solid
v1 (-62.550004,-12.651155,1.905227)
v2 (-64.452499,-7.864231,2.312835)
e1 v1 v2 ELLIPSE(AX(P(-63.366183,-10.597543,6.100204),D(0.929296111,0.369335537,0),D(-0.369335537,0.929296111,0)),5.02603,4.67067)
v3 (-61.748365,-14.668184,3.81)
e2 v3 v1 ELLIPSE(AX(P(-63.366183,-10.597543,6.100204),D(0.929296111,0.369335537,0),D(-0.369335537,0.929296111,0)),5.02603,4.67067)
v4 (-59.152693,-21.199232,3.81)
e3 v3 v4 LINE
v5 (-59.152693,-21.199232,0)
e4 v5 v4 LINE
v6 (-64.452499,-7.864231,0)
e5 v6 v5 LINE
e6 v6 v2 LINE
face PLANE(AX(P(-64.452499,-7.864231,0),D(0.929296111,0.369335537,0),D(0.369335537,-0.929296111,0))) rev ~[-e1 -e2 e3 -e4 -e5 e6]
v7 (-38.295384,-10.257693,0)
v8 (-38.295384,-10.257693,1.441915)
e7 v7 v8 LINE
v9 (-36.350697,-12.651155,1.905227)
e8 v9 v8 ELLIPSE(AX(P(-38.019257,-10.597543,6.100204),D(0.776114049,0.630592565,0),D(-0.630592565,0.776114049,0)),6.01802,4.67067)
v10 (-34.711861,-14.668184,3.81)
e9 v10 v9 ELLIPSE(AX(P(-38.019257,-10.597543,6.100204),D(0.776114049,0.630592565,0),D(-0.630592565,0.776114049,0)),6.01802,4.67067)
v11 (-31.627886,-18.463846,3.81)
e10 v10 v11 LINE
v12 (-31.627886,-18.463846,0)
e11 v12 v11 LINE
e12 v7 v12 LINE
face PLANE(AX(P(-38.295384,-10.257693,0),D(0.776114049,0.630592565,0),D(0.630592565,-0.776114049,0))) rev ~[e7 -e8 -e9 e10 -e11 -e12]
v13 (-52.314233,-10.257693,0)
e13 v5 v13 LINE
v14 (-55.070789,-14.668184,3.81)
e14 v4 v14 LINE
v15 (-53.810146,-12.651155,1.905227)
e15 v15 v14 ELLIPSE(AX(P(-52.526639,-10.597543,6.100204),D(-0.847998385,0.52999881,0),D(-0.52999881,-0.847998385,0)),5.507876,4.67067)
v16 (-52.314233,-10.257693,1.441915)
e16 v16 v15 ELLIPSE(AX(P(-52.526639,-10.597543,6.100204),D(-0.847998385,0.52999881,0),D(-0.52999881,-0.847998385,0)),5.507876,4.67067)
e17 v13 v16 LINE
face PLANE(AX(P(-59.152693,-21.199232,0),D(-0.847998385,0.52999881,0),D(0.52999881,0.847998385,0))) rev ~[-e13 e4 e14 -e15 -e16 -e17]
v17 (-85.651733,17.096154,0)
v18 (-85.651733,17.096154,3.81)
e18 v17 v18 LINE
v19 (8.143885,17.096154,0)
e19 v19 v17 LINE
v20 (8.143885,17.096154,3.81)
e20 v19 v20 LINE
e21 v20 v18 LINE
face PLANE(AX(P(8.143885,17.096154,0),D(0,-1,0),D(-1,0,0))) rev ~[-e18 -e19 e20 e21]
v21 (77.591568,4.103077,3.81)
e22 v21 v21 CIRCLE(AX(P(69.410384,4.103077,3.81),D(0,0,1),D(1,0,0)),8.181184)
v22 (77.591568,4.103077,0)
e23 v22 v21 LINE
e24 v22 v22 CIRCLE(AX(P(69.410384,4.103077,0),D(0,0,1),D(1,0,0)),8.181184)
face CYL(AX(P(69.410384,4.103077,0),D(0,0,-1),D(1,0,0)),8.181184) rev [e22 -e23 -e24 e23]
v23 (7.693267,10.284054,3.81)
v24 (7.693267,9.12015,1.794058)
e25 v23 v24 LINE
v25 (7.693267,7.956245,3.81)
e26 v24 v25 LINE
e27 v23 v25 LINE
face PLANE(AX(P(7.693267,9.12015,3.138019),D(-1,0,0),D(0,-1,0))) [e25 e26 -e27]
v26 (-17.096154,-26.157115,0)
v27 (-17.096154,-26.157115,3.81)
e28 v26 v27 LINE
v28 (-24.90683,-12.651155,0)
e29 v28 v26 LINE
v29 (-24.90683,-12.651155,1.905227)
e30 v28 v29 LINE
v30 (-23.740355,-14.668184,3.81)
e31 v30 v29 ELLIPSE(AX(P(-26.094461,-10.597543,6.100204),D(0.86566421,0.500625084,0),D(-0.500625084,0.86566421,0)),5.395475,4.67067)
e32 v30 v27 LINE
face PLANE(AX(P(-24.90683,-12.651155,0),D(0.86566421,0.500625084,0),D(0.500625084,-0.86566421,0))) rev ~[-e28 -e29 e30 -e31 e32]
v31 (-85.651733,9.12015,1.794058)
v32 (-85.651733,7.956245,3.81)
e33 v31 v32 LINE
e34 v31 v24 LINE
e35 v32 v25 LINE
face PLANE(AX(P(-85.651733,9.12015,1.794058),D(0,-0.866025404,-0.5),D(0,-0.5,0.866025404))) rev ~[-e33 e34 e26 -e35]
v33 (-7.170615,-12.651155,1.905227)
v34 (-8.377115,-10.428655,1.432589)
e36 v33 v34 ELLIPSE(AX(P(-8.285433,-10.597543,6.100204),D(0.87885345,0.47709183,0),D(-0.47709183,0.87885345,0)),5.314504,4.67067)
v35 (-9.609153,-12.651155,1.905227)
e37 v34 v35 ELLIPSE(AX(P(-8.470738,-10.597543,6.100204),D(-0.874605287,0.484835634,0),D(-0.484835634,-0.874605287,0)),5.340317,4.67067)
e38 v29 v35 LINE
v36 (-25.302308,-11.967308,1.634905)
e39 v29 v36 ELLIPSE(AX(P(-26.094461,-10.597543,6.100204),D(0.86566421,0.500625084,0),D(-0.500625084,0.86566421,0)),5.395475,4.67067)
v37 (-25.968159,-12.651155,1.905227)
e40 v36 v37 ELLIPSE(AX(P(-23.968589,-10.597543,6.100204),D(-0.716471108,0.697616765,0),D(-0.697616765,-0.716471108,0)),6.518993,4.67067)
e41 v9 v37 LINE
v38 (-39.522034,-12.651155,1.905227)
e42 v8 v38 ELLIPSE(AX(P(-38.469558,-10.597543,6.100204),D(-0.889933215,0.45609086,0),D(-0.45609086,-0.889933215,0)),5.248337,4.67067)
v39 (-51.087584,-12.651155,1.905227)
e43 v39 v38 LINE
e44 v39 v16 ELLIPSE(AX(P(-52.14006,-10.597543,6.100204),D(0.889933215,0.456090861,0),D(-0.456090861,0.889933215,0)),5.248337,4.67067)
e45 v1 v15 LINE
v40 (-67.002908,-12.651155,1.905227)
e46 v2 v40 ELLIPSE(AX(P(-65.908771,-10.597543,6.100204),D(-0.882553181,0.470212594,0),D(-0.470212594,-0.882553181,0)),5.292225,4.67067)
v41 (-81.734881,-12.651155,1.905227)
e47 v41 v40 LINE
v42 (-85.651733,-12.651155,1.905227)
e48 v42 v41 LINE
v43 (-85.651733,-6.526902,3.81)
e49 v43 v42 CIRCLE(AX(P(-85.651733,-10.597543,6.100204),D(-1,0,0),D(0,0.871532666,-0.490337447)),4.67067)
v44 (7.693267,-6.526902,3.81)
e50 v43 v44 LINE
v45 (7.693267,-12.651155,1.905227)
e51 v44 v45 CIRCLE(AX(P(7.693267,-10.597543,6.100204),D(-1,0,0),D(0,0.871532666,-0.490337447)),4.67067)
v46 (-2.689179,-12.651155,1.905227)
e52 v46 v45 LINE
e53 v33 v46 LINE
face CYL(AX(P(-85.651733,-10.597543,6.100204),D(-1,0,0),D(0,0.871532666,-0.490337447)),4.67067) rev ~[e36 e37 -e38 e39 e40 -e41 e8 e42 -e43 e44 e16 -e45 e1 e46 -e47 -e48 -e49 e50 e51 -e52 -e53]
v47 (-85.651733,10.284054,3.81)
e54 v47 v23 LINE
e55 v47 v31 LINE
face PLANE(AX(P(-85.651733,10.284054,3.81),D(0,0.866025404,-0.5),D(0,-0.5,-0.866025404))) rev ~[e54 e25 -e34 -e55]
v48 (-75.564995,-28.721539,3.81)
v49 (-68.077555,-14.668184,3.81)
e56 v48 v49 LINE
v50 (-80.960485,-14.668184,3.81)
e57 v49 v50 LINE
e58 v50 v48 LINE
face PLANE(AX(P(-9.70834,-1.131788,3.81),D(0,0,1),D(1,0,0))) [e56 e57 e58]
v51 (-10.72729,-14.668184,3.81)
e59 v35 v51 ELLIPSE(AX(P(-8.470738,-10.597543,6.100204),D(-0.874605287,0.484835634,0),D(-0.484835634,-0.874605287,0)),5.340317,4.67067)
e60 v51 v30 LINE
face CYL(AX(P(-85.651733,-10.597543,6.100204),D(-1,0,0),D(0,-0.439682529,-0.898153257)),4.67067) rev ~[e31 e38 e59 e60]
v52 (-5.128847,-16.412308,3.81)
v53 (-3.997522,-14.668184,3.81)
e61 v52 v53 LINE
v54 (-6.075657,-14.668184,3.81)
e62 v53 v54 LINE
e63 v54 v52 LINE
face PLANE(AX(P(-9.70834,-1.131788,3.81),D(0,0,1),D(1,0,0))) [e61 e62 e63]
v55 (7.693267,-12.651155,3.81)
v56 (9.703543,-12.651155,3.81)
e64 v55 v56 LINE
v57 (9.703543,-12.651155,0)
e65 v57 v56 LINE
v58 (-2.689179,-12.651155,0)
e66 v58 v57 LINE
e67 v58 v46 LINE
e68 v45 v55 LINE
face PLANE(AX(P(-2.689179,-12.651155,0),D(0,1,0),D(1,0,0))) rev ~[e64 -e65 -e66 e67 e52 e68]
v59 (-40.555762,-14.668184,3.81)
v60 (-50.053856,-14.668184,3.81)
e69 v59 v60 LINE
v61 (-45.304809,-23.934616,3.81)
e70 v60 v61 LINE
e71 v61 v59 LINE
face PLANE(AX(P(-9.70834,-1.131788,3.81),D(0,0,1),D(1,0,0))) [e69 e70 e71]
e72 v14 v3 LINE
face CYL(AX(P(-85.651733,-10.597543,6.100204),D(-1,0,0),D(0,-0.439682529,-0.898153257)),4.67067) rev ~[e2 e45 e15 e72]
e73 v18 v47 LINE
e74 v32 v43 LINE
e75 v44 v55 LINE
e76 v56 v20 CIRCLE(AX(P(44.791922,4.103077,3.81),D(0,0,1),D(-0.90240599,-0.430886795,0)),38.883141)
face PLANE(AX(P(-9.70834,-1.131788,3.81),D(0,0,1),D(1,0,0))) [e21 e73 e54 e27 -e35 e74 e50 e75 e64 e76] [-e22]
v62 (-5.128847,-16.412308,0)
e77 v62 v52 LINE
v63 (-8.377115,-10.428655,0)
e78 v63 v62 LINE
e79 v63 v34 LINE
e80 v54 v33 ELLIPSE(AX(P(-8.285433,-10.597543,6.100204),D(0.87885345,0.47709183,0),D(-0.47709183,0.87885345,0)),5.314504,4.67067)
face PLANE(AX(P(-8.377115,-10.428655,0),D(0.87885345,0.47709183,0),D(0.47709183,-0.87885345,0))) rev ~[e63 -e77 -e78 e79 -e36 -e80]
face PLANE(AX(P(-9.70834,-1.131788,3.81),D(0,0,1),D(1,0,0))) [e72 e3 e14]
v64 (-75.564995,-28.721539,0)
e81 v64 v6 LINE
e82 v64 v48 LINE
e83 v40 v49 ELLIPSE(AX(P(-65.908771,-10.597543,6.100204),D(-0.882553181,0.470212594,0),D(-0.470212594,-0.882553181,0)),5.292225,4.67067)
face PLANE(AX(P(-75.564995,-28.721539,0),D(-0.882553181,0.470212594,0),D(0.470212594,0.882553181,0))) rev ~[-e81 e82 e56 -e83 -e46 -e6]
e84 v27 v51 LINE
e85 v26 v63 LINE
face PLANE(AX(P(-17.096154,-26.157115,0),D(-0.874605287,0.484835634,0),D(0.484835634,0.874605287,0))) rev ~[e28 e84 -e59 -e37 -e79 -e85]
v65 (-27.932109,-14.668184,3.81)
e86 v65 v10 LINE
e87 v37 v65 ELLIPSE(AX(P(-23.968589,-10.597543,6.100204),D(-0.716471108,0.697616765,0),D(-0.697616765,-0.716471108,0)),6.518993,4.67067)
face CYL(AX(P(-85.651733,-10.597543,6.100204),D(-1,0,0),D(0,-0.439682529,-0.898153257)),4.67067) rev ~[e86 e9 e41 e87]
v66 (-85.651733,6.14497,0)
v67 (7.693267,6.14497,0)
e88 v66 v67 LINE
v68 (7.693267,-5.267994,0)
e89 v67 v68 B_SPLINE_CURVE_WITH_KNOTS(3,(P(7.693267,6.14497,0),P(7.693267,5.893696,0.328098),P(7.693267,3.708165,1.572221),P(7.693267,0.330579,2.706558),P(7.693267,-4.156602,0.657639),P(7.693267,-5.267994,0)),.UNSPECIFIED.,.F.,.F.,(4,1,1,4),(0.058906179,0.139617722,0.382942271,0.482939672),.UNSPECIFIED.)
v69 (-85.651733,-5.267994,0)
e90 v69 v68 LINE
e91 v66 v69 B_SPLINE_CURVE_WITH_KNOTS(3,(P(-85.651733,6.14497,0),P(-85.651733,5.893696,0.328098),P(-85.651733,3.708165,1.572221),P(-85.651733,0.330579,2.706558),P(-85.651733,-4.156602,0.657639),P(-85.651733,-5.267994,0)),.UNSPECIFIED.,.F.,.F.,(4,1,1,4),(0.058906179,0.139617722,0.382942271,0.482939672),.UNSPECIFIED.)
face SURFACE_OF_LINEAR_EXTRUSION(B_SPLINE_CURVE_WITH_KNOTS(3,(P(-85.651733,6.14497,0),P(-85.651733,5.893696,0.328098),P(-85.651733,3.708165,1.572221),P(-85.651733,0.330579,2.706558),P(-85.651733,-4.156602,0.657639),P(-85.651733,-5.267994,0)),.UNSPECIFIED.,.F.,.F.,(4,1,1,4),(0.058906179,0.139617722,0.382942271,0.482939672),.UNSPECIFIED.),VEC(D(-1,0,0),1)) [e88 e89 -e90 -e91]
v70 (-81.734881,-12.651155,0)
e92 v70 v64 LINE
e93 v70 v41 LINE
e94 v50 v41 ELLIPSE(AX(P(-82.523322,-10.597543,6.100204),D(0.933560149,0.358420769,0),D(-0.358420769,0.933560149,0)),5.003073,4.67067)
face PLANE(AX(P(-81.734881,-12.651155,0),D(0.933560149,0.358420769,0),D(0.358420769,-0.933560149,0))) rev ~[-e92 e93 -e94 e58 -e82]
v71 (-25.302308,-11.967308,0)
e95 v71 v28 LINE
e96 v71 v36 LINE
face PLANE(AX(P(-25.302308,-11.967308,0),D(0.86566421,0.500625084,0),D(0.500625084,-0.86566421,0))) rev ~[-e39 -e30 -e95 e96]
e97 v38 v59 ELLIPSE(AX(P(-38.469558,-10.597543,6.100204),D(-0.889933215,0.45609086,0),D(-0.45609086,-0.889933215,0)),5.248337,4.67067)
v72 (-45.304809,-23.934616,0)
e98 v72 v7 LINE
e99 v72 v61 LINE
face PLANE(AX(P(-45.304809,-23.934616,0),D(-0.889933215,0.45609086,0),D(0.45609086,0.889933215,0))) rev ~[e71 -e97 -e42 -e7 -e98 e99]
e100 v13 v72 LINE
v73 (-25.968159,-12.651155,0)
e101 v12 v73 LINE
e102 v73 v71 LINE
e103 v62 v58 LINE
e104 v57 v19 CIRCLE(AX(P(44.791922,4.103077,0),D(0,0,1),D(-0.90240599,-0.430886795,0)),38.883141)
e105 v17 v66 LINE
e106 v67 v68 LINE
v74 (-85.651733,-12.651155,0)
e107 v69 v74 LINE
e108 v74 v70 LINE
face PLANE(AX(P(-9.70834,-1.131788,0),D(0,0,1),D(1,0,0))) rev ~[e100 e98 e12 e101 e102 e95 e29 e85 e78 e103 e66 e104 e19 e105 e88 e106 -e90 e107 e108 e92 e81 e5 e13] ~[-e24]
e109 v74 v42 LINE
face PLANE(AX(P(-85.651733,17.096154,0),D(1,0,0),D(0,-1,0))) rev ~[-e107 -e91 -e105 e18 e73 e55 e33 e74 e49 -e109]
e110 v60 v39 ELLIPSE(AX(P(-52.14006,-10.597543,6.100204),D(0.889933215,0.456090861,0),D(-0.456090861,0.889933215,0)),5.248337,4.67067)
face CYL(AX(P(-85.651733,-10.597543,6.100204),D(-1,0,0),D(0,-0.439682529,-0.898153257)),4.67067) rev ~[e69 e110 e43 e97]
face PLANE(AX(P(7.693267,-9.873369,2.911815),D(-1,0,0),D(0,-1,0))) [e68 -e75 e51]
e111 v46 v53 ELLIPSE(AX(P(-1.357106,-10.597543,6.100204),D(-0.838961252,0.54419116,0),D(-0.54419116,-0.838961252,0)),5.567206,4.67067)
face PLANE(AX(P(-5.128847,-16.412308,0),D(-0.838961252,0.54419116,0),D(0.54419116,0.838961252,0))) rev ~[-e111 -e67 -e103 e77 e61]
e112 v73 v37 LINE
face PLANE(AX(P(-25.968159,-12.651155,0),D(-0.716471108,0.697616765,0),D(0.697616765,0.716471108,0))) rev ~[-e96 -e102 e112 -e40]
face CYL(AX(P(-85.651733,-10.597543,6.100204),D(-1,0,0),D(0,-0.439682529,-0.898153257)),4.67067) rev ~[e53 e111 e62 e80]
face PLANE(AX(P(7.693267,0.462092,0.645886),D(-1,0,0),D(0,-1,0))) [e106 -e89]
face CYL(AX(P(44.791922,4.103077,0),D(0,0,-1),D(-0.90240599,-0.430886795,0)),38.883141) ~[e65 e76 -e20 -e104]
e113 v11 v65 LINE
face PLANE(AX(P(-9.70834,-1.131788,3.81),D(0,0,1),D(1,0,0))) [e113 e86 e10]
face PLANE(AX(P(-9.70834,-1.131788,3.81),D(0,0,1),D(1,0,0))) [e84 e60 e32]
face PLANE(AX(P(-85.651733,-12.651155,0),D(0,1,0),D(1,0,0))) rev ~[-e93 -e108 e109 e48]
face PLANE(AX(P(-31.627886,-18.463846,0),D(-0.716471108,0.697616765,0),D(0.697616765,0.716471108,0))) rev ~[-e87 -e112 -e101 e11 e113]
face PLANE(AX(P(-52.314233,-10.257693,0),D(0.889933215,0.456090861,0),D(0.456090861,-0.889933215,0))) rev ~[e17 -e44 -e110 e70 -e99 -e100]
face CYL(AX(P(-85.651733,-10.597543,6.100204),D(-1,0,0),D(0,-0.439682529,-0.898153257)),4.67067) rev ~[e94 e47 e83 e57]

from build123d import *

# Parameters (mm, degrees)
F0_R     = 8.1811840535
F1_DEPTH = 3.81
F3_DEPTH = 93.345


with BuildPart() as f1:
    # F0 (on Top) → F1 (new body)
    with BuildSketch(Plane.XY):
        with BuildLine():
            Line((-2.6891789116, -12.6511547714), (9.7035428618, -12.6511547714))
            ThreePointArc((9.7035428618, -12.6511547714), (83.6217292203, 6.1389316607), (8.1438855, 17.0961543918))
            Line((8.1438855, 17.0961543918), (-85.6517329812, 17.0961543918))
            Line((-85.6517329812, 17.0961543918), (-85.6517329812, -12.6511547714))
            Line((-85.6517329812, -12.6511547714), (-81.7348812904, -12.6511547714))
            Line((-81.7348812904, -12.6511547714), (-75.5649954081, -28.7215393037))
            Line((-75.5649954081, -28.7215393037), (-64.4524991512, -7.8642312437))
            Line((-64.4524991512, -7.8642312437), (-59.1526925564, -21.1992319673))
            Line((-59.1526925564, -21.1992319673), (-52.3142330348, -10.2576930076))
            Line((-52.3142330348, -10.2576930076), (-45.3048087656, -23.9346157759))
            Line((-45.3048087656, -23.9346157759), (-38.2953844965, -10.2576930076))
            Line((-38.2953844965, -10.2576930076), (-31.6278859973, -18.4638462961))
            Line((-31.6278859973, -18.4638462961), (-25.9681587453, -12.6511547714))
            Line((-25.9681587453, -12.6511547714), (-25.3023076802, -11.967307888))
            Line((-25.3023076802, -11.967307888), (-24.9068299656, -12.6511547714))
            Line((-24.9068299656, -12.6511547714), (-17.0961543918, -26.1571146548))
            Line((-17.0961543918, -26.1571146548), (-8.3771152422, -10.4286549613))
            Line((-8.3771152422, -10.4286549613), (-5.1288465038, -16.4123084396))
            Line((-5.1288465038, -16.4123084396), (-2.6891789116, -12.6511547714))
        make_face()
        with Locations((69.4103837013, 4.1030771099)):
            Circle(F0_R, mode=Mode.SUBTRACT)
    extrude(amount=F1_DEPTH)

    # F2 (on face) → F3 (cut)
    with BuildSketch(Plane(origin=(-85.6517329812, 0, 0), x_dir=(0, -1, 0), z_dir=(-1, 0, 0))):
        Polygon((-9.120149554, 1.794058485), (-7.9562451776, 3.81), (-10.2840539303, 3.81), align=None)
        with BuildLine():
            Line((12.6511547714, 3.81), (6.5269015546, 3.81))
            ThreePointArc((6.5269015546, 3.81), (9.2104084291, 1.6402699497), (12.6511547714, 1.9052270108))
            Line((12.6511547714, 1.9052270108), (12.6511547714, 3.81))
        make_face()
        with BuildLine():
            Line((-6.1449697905, 0), (5.267994135, 0))
            add(Edge.make_bspline(
                [(-6.1449697905, 0), (-5.8936955879, 0.3280980235), (-3.7081647929, 1.5722207093), (-0.3305791573, 2.7065579452), (4.1566022475, 0.6576394579), (5.267994135, 0)],
                knots=[0.0589061787, 0.0589061787, 0.0589061787, 0.0589061787, 0.1396177223, 0.3829422712, 0.4829396719, 0.4829396719, 0.4829396719, 0.4829396719], degree=3))
        make_face()
        with BuildLine():
            ThreePointArc((15.2682126622, 6.1002043076), (9.413791411, 10.6183774907), (6.5269015546, 3.81))
            Line((6.5269015546, 3.81), (12.6511547714, 3.81))
            Line((12.6511547714, 3.81), (12.6511547714, 1.9052270108))
            ThreePointArc((12.6511547714, 1.9052270108), (14.5603007091, 3.6280176983), (15.2682126622, 6.1002043076))
        make_face()
        Polygon((-7.9562451776, 3.81), (-3.4940382466, 11.5387691185), (-14.7462608614, 11.5387691185), (-10.2840539303, 3.81), align=None)
        with BuildLine():
            add(Edge.make_bspline(
                [(5.267994135, 0), (7.0528116281, -1.0561228868), (11.1755989346, -4.9619991786), (-4.7107624184, -2.2996961595), (-6.1223601667, -0.7454507302)],
                knots=[0.4829396719, 0.4829396719, 0.4829396719, 0.4829396719, 0.6435284904, 1, 1, 1, 1], degree=3))
            Line((5.267994135, 0), (-6.1449697905, 0))
            add(Edge.make_bspline(
                [(-6.1223601667, -0.7454507302), (-6.3556237713, -0.4886148917), (-6.3283587142, -0.239457703), (-6.1449697905, 0)],
                knots=[0, 0, 0, 0, 0.0589061787, 0.0589061787, 0.0589061787, 0.0589061787], degree=3))
        make_face()
    extrude(amount=-F3_DEPTH, mode=Mode.SUBTRACT)


solid = f1.part
